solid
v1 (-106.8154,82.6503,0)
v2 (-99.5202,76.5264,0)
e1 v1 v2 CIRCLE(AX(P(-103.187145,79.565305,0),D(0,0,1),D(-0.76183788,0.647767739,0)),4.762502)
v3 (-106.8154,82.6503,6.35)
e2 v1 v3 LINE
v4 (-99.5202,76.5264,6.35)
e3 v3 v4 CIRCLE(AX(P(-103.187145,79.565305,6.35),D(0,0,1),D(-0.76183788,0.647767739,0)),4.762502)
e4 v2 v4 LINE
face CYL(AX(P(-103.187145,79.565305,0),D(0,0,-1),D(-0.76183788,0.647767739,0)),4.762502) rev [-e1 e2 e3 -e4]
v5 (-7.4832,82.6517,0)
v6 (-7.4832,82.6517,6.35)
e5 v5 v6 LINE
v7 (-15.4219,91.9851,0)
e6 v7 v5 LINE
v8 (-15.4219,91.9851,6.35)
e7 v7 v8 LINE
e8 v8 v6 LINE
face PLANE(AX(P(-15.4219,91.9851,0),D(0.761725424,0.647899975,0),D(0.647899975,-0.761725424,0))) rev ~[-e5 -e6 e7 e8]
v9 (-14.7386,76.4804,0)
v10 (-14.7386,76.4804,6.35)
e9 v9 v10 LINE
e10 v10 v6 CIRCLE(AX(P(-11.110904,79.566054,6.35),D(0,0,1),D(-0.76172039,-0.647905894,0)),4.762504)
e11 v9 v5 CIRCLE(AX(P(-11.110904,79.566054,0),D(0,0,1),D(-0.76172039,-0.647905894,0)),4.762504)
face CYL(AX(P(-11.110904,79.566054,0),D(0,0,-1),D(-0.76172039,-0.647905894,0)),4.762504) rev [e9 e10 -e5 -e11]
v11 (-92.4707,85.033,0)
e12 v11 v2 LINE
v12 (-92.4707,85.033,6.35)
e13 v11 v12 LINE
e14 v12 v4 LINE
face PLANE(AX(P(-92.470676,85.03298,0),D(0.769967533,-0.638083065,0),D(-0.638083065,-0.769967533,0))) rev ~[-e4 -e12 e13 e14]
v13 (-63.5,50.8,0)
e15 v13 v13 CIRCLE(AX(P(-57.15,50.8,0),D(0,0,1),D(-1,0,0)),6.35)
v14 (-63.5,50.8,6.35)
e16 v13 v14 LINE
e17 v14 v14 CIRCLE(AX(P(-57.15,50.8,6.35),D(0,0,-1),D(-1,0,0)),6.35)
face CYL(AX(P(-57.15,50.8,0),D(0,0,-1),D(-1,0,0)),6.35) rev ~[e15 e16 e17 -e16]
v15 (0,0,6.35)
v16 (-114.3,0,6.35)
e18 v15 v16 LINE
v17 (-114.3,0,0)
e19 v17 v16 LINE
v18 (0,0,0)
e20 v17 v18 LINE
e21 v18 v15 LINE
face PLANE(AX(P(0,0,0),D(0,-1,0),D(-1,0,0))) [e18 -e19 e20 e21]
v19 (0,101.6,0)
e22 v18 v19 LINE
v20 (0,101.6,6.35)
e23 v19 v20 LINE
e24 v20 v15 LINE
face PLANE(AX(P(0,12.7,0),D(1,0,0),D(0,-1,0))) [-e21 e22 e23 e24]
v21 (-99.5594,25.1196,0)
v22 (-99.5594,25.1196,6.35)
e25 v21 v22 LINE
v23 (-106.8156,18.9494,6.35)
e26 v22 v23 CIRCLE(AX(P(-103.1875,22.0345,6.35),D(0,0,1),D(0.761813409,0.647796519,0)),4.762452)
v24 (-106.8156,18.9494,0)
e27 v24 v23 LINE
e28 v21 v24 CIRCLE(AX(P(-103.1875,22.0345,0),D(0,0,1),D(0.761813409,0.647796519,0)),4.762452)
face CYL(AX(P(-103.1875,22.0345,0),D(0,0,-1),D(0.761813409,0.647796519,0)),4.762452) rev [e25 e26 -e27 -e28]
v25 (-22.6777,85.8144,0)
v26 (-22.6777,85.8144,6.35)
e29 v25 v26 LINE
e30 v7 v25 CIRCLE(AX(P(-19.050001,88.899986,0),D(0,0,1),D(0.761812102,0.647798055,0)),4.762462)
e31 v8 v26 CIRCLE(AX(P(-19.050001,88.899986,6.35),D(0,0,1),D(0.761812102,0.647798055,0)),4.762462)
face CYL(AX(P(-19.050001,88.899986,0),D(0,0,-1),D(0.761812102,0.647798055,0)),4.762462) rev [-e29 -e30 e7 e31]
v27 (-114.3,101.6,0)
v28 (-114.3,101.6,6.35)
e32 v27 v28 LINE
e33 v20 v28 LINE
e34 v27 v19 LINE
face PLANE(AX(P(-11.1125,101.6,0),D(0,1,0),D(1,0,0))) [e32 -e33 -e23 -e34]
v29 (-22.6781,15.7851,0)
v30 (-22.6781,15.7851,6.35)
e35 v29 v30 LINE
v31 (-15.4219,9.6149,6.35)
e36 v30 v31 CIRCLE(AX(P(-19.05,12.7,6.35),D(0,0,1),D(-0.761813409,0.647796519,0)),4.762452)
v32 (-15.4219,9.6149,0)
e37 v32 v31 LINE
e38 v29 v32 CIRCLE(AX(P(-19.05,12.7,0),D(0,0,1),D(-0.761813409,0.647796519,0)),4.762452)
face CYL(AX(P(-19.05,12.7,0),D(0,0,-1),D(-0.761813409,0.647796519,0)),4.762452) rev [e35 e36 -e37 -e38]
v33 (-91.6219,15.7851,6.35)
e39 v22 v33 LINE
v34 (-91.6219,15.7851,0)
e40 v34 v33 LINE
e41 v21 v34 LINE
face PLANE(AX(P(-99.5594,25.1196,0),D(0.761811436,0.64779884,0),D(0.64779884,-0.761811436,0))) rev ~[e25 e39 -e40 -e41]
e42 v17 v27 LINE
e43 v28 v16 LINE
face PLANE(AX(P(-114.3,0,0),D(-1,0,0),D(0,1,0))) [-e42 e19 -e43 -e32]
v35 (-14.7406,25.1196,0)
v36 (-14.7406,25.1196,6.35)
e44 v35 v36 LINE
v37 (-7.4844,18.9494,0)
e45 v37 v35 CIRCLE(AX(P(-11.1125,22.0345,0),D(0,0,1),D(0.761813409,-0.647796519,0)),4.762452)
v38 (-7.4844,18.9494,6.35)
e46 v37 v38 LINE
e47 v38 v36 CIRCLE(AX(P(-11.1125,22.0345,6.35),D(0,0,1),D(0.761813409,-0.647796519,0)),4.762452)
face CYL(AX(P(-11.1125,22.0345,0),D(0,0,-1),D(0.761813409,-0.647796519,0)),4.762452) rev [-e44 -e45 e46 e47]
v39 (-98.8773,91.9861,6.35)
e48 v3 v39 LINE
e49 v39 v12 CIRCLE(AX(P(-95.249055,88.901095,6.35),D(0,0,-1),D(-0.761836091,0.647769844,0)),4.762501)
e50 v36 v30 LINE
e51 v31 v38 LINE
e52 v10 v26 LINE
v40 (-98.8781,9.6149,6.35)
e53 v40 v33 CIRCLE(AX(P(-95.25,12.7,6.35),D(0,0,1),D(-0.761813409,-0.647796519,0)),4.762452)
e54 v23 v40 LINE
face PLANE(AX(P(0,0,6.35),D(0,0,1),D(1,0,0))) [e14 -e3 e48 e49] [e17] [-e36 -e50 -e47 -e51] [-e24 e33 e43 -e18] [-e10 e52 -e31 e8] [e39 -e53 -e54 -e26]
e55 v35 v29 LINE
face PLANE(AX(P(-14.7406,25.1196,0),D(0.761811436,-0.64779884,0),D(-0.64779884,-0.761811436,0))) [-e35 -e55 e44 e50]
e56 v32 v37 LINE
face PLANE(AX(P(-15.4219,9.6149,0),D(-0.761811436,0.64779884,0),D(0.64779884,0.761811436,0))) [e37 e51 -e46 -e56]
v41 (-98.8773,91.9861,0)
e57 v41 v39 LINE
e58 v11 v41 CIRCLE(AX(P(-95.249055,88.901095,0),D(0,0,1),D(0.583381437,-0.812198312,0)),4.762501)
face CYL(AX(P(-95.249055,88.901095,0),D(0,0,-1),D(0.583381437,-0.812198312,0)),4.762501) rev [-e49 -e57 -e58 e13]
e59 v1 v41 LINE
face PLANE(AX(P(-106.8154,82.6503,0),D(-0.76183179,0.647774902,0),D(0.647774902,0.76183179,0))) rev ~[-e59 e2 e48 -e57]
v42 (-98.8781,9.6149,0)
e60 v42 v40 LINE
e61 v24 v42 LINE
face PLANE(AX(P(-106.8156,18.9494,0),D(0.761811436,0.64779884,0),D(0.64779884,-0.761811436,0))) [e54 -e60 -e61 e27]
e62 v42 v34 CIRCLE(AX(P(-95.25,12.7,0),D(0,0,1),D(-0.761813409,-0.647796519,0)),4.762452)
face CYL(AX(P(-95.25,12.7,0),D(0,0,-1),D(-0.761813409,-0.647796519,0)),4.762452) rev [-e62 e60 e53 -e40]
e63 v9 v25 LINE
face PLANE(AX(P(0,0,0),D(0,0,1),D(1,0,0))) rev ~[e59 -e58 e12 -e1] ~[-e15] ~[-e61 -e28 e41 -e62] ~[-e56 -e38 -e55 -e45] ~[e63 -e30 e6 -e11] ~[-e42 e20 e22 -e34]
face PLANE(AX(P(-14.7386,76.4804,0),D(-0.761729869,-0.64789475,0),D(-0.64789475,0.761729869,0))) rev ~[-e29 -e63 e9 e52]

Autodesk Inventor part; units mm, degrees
ref_plane "YZ Plane" through (0, 0, 0) normal (1, 0, 0) x (0, 1, 0)
ref_plane "XZ Plane" through (0, 0, 0) normal (0, 1, 0) x (-1, 0, 0)
ref_plane "XY Plane" through (0, 0, 0) normal (0, 0, 1) x (1, 0, 0)
sketch "Sketch1" plane through (0, 0, 0) normal (0, 0, 1) x (1, 0, 0)
  line L0 (0, 0) -> (-114.3, 0)
  line L1 (-114.3, 0) -> (-114.3, 101.6)
  line L2 (-114.3, 101.6) -> (0, 101.6)
  line L3 (0, 101.6) -> (0, 0)
  line L4 (0, 50.8) -> (0, 12.7)
  line L5 (0, 50.8) -> (0, 88.9)
  line L6 (-114.3, 50.8) -> (-114.3, 88.9)
  line L7 (-114.3, 50.8) -> (-114.3, 12.7)
  arc A0 (-92.4707, 85.033) -> (-98.8773, 91.9861) centre (-95.2491, 88.9011) ccw
  arc A1 (-15.4219, 91.9851) -> (-22.6777, 85.8144) centre (-19.05, 88.9) ccw
  arc A2 (-98.8781, 9.6149) -> (-91.6219, 15.7851) centre (-95.25, 12.7) ccw
  arc A3 (-22.6781, 15.7851) -> (-15.4219, 9.6149) centre (-19.05, 12.7) ccw
  line L8 (-57.15, 0) -> (-103.1875, 0)
  line L9 (-57.15, 0) -> (-11.1125, 0)
  line L10 (-57.15, 101.6) -> (-103.1875, 101.6)
  line L11 (-57.15, 101.6) -> (-11.1125, 101.6)
  arc A4 (-99.5594, 25.1196) -> (-106.8156, 18.9494) centre (-103.1875, 22.0345) ccw
  arc A5 (-7.4844, 18.9494) -> (-14.7406, 25.1196) centre (-11.1125, 22.0345) ccw
  arc A6 (-106.8154, 82.6503) -> (-99.5202, 76.5264) centre (-103.1872, 79.5653) ccw
  arc A7 (-14.7386, 76.4804) -> (-7.4832, 82.6517) centre (-11.1109, 79.5661) ccw
  line L12 (-90.9324, 86.8892) -> (-99.5202, 76.5264)
  line L13 (-106.8154, 82.6503) -> (-98.8773, 91.9861)
  line L14 (-15.4227, 91.9861) -> (-7.4832, 82.6517)
  line L15 (-14.7386, 76.4804) -> (-22.6777, 85.8144)
  line L16 (-14.7406, 25.1196) -> (-22.6781, 15.7851)
  line L17 (-15.4219, 9.6149) -> (-7.4844, 18.9494)
  line L18 (-99.5594, 25.1196) -> (-91.6219, 15.7851)
  line L19 (-106.8156, 18.9494) -> (-98.8781, 9.6149)
  dimension "d0" = 114.3
  dimension "d1" = 101.6
  dimension "d8" = 9.525
  dimension "d9" = 9.525
  dimension "d10" = 9.525
  dimension "d11" = 46.0375
  dimension "d14" = 46.0375
  dimension "d16" = 9.525
  dimension "d20" = 9.525
  dimension "d22" = 9.525
extrude "Extrusion1" add sketch "Sketch1" along normal blind 6.35
sketch "Sketch2" plane through (0, 0, 0) normal (0, 0, -1) x (-1, 0, 0)
  line L0 (0, 101.6) -> (114.3, 101.6) projected
  line L1 (0, 101.6) -> (57.15, 101.6)
  line L2 (57.15, 101.6) -> (57.15, 50.8)
  circle A0 centre (57.15, 50.8) radius 6.35
  dimension "d25" = 12.7
extrude "Extrusion2" cut sketch "Sketch2" against normal blind 6.35
properties part number "wheel mount plate"
